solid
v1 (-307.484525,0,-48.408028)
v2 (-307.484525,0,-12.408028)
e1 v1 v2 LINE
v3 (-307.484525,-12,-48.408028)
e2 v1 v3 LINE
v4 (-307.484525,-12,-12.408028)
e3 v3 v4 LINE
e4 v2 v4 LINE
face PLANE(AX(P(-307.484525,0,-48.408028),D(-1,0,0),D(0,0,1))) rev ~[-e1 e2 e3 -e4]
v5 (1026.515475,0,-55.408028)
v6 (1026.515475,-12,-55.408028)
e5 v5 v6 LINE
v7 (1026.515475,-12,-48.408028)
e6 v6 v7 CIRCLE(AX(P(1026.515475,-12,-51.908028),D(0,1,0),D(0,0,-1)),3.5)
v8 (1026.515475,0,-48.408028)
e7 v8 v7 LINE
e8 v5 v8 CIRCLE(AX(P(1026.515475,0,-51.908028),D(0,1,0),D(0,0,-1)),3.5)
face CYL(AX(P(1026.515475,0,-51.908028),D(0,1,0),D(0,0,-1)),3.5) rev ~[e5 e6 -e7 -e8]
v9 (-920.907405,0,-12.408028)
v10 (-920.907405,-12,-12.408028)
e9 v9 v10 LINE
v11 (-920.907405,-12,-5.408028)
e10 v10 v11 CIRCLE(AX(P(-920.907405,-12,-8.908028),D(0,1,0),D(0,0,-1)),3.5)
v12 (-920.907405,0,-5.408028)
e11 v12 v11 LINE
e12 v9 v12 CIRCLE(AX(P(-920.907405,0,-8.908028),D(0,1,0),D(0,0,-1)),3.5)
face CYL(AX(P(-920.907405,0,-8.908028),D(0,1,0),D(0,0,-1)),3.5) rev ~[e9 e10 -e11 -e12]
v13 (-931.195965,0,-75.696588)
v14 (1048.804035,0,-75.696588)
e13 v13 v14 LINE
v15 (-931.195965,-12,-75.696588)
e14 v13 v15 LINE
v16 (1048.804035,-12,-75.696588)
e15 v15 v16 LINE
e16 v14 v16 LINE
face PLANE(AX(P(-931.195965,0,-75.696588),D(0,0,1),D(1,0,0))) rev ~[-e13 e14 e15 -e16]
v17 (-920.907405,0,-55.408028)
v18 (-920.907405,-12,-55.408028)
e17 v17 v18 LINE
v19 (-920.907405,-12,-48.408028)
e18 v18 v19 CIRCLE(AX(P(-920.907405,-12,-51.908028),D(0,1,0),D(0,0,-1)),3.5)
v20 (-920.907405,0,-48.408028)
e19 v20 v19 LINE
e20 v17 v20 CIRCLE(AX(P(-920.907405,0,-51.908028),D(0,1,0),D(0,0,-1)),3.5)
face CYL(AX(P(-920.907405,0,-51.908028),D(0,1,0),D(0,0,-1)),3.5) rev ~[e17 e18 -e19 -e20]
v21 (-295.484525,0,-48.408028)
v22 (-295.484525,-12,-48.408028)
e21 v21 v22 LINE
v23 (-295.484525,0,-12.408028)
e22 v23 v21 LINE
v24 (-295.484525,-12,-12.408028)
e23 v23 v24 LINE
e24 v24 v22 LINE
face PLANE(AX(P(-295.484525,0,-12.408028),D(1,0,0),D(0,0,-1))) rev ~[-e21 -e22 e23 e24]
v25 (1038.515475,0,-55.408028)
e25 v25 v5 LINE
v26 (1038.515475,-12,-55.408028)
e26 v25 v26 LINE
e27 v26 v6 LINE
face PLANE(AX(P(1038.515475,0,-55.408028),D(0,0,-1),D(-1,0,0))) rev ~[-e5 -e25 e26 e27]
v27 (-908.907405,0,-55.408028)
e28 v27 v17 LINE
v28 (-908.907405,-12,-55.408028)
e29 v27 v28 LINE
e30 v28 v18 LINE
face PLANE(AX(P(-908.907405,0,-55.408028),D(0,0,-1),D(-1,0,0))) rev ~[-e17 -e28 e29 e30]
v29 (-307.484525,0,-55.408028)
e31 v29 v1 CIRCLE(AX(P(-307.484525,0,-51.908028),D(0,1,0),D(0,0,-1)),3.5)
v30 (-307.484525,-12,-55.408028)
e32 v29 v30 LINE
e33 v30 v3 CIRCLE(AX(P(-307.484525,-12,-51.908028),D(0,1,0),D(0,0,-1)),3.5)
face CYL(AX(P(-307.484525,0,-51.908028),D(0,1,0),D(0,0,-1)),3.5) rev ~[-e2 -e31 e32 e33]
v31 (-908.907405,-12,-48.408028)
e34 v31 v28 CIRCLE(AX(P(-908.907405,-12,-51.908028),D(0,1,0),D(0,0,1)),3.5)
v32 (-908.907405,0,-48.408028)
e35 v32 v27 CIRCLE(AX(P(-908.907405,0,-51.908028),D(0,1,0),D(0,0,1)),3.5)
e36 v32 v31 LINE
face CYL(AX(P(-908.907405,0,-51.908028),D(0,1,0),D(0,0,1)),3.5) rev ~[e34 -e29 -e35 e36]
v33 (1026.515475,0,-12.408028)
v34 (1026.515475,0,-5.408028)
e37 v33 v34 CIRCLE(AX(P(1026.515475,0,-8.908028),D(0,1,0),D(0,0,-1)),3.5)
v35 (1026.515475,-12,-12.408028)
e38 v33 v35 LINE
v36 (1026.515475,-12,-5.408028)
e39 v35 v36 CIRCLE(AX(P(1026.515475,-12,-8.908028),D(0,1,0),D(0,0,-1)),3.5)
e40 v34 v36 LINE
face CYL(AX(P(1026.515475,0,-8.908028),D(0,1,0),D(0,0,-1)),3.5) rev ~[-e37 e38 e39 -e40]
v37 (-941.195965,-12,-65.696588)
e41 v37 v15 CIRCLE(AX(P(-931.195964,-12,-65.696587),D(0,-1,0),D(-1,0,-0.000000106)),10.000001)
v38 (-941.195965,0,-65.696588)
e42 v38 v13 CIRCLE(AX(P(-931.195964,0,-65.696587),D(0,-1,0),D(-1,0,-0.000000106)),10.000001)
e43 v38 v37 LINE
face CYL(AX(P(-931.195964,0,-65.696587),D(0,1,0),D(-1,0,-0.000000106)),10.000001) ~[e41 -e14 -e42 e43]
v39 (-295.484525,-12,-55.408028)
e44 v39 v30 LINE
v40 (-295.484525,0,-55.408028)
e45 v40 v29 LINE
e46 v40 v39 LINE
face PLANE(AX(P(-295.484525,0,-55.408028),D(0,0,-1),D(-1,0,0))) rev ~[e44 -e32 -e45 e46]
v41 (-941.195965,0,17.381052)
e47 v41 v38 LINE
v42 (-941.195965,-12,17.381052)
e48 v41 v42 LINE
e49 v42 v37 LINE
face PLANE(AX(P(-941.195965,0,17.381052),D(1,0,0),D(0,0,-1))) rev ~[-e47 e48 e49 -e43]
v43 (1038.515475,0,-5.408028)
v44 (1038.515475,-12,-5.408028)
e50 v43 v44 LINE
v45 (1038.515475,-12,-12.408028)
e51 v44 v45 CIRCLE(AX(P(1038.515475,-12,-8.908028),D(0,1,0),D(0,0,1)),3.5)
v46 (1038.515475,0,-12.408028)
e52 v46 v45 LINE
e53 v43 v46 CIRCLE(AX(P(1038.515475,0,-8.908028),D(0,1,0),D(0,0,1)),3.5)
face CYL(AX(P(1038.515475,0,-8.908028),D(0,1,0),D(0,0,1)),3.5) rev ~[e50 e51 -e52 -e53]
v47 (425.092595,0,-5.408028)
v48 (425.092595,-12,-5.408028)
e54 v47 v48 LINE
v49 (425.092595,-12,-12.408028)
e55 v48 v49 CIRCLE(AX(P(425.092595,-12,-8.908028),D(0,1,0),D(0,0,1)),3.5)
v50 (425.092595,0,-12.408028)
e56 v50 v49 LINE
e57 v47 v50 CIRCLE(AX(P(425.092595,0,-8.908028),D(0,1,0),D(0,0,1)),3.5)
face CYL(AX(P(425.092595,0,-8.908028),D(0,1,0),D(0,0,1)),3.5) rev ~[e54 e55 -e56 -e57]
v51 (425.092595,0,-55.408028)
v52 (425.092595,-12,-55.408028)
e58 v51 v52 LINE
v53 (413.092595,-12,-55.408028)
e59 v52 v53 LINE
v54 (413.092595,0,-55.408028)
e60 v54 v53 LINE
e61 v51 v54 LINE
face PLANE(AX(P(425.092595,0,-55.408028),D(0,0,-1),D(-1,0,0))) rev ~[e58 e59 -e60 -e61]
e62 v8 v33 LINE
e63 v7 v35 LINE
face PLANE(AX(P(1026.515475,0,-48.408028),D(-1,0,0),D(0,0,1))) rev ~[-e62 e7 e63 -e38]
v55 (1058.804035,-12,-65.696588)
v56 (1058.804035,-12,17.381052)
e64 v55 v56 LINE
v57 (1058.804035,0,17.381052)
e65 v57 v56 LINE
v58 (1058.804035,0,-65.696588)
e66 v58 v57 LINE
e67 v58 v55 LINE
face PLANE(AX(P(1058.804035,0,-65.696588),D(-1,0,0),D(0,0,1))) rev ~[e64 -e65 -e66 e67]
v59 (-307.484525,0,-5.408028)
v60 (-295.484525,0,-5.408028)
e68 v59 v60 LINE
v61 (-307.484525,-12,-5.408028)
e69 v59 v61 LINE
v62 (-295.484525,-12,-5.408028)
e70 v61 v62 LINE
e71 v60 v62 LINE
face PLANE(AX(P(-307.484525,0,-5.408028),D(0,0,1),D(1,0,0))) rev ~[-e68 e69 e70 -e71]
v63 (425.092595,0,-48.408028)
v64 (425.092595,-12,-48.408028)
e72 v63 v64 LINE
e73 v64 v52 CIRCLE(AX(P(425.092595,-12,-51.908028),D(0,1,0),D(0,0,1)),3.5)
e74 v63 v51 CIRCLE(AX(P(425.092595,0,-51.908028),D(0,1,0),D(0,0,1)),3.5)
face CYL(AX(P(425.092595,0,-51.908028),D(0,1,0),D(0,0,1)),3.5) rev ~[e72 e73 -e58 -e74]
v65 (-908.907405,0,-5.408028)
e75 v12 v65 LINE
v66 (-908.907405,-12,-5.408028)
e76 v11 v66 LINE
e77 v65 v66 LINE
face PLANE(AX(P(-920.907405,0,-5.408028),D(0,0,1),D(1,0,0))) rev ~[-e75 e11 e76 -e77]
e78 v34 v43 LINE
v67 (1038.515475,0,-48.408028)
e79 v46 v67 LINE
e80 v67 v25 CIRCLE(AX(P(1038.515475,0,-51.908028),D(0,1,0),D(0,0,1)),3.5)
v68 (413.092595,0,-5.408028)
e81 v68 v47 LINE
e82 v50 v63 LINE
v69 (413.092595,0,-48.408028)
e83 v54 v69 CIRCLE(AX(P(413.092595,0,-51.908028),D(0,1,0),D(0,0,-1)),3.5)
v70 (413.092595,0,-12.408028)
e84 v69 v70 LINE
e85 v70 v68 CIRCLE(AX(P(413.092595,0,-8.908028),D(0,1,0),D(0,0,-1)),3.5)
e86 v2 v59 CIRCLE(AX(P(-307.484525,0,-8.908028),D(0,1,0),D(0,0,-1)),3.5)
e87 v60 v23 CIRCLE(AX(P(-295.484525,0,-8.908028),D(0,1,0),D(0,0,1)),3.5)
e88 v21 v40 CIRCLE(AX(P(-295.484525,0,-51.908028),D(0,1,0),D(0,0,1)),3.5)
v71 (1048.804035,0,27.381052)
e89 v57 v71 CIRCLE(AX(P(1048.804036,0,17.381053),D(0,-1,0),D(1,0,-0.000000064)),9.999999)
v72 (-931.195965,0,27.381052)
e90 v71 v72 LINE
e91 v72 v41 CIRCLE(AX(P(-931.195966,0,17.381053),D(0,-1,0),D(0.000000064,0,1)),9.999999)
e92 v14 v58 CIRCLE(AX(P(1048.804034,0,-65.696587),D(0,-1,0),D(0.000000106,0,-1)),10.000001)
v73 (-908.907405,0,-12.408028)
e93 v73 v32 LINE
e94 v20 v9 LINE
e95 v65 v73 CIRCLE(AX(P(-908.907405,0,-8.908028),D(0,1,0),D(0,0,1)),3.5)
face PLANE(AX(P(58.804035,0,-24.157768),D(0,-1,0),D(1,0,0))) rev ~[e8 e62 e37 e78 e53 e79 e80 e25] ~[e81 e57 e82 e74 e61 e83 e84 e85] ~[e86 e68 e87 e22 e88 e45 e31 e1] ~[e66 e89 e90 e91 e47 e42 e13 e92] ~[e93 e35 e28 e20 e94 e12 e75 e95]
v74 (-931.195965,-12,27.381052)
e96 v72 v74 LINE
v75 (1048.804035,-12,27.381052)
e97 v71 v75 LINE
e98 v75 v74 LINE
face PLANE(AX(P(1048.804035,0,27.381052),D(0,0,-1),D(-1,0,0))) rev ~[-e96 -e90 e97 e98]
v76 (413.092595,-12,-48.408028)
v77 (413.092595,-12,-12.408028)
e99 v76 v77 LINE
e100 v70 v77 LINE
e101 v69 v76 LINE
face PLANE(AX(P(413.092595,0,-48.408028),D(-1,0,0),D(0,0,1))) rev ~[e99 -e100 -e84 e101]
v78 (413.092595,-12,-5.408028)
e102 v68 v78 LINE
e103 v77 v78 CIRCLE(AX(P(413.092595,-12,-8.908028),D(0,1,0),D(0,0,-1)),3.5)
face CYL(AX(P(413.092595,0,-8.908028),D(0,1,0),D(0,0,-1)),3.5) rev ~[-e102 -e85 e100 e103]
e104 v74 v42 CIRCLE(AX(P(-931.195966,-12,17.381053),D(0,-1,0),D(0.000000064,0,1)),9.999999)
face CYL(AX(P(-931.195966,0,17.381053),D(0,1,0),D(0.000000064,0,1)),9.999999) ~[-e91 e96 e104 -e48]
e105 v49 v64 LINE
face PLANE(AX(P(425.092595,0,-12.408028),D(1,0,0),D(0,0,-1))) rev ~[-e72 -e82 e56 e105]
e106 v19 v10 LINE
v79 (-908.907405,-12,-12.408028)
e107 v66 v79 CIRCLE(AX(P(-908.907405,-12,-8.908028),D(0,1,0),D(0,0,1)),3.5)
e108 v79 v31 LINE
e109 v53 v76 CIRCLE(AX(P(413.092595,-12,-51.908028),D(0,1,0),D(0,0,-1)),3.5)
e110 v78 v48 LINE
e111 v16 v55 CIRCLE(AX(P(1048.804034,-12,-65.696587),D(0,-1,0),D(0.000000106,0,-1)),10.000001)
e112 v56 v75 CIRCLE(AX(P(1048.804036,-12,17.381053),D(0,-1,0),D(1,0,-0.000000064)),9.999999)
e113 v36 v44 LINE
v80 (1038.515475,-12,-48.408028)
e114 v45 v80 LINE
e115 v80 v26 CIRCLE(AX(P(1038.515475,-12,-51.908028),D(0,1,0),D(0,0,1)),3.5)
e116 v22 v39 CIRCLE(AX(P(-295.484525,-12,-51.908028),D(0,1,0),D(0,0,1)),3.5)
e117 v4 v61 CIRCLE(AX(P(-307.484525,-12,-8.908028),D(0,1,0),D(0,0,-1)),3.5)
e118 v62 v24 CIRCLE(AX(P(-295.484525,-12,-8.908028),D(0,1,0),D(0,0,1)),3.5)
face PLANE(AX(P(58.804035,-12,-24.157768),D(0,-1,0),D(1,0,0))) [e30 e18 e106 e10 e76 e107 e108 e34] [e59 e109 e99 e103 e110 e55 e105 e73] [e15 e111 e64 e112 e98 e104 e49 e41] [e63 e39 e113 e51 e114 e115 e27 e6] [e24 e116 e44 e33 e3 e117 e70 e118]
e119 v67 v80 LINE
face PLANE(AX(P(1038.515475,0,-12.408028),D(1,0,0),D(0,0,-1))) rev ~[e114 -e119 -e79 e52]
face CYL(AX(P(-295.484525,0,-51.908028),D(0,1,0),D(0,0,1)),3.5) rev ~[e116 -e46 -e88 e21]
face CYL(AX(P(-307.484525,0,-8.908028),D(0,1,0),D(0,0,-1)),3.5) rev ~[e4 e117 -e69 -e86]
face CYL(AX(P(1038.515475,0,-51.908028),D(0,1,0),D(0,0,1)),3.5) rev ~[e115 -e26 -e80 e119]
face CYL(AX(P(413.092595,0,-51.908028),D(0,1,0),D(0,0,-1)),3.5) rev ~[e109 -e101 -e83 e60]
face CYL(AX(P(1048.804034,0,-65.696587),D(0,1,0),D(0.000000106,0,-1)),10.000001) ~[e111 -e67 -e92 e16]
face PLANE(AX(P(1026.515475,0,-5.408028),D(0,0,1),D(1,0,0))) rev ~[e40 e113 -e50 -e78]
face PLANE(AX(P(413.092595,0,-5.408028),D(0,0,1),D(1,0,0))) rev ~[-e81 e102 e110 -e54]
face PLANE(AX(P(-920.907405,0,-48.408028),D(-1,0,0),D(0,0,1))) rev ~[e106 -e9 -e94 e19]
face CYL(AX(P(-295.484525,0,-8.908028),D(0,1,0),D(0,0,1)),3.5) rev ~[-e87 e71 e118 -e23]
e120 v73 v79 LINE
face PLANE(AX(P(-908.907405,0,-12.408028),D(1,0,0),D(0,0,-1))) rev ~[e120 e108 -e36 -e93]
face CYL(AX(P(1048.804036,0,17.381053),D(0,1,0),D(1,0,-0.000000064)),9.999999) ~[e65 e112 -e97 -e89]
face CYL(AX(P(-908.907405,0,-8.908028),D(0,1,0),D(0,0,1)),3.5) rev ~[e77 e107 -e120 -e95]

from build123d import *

# Parameters (mm, degrees)
F1_DEPTH = 12


with BuildPart() as f1:
    # F0 (on Front) → F1 (new body)
    with BuildSketch(Plane.XZ):
        with BuildLine():
            Line((1048.804035, 27.381052), (-931.195965, 27.381052))
            ThreePointArc((-931.195965, 27.381052), (-938.267033, 24.45212), (-941.195965, 17.381052))
            Line((-941.195965, 17.381052), (-941.195965, -65.696588))
            ThreePointArc((-941.195965, -65.696588), (-938.267033, -72.767655), (-931.195965, -75.696588))
            Line((-931.195965, -75.696588), (-920.907405, -75.696588))
            Line((-920.907405, -75.696588), (-902.907405, -75.696588))
            Line((-902.907405, -75.696588), (1048.804035, -75.696588))
            ThreePointArc((1048.804035, -75.696588), (1055.875103, -72.767655), (1058.804035, -65.696588))
            Line((1058.804035, -65.696588), (1058.804035, 17.381052))
            ThreePointArc((1058.804035, 17.381052), (1055.875103, 24.45212), (1048.804035, 27.381052))
        make_face()
        with BuildLine():
            ThreePointArc((-920.907405, -12.408028), (-924.407405, -8.908028), (-920.907405, -5.408028))
            Line((-920.907405, -5.408028), (-908.907405, -5.408028))
            ThreePointArc((-908.907405, -5.408028), (-905.407405, -8.908028), (-908.907405, -12.408028))
            Line((-908.907405, -12.408028), (-908.907405, -48.408028))
            ThreePointArc((-908.907405, -48.408028), (-905.407405, -51.908028), (-908.907405, -55.408028))
            Line((-908.907405, -55.408028), (-920.907405, -55.408028))
            ThreePointArc((-920.907405, -55.408028), (-924.407405, -51.908028), (-920.907405, -48.408028))
            Line((-920.907405, -48.408028), (-920.907405, -12.408028))
        make_face(mode=Mode.SUBTRACT)
        with BuildLine():
            Line((-295.484525, -12.408028), (-295.484525, -48.408028))
            ThreePointArc((-295.484525, -48.408028), (-291.984525, -51.908028), (-295.484525, -55.408028))
            Line((-295.484525, -55.408028), (-307.484525, -55.408028))
            ThreePointArc((-307.484525, -55.408028), (-310.984525, -51.908028), (-307.484525, -48.408028))
            Line((-307.484525, -48.408028), (-307.484525, -12.408028))
            ThreePointArc((-307.484525, -12.408028), (-310.984525, -8.908028), (-307.484525, -5.408028))
            Line((-307.484525, -5.408028), (-295.484525, -5.408028))
            ThreePointArc((-295.484525, -5.408028), (-291.984525, -8.908028), (-295.484525, -12.408028))
        make_face(mode=Mode.SUBTRACT)
        with BuildLine():
            ThreePointArc((413.092595, -55.408028), (409.592595, -51.908028), (413.092595, -48.408028))
            Line((413.092595, -48.408028), (413.092595, -12.408028))
            ThreePointArc((413.092595, -12.408028), (409.592595, -8.908028), (413.092595, -5.408028))
            Line((413.092595, -5.408028), (425.092595, -5.408028))
            ThreePointArc((425.092595, -5.408028), (428.592595, -8.908028), (425.092595, -12.408028))
            Line((425.092595, -12.408028), (425.092595, -48.408028))
            ThreePointArc((425.092595, -48.408028), (428.592595, -51.908028), (425.092595, -55.408028))
            Line((425.092595, -55.408028), (413.092595, -55.408028))
        make_face(mode=Mode.SUBTRACT)
        with BuildLine():
            ThreePointArc((1038.515475, -5.408028), (1042.015475, -8.908028), (1038.515475, -12.408028))
            Line((1038.515475, -12.408028), (1038.515475, -48.408028))
            ThreePointArc((1038.515475, -48.408028), (1042.015475, -51.908028), (1038.515475, -55.408028))
            Line((1038.515475, -55.408028), (1026.515475, -55.408028))
            ThreePointArc((1026.515475, -55.408028), (1023.015475, -51.908028), (1026.515475, -48.408028))
            Line((1026.515475, -48.408028), (1026.515475, -12.408028))
            ThreePointArc((1026.515475, -12.408028), (1023.015475, -8.908028), (1026.515475, -5.408028))
            Line((1026.515475, -5.408028), (1038.515475, -5.408028))
        make_face(mode=Mode.SUBTRACT)
    extrude(amount=F1_DEPTH)


solid = f1.part
